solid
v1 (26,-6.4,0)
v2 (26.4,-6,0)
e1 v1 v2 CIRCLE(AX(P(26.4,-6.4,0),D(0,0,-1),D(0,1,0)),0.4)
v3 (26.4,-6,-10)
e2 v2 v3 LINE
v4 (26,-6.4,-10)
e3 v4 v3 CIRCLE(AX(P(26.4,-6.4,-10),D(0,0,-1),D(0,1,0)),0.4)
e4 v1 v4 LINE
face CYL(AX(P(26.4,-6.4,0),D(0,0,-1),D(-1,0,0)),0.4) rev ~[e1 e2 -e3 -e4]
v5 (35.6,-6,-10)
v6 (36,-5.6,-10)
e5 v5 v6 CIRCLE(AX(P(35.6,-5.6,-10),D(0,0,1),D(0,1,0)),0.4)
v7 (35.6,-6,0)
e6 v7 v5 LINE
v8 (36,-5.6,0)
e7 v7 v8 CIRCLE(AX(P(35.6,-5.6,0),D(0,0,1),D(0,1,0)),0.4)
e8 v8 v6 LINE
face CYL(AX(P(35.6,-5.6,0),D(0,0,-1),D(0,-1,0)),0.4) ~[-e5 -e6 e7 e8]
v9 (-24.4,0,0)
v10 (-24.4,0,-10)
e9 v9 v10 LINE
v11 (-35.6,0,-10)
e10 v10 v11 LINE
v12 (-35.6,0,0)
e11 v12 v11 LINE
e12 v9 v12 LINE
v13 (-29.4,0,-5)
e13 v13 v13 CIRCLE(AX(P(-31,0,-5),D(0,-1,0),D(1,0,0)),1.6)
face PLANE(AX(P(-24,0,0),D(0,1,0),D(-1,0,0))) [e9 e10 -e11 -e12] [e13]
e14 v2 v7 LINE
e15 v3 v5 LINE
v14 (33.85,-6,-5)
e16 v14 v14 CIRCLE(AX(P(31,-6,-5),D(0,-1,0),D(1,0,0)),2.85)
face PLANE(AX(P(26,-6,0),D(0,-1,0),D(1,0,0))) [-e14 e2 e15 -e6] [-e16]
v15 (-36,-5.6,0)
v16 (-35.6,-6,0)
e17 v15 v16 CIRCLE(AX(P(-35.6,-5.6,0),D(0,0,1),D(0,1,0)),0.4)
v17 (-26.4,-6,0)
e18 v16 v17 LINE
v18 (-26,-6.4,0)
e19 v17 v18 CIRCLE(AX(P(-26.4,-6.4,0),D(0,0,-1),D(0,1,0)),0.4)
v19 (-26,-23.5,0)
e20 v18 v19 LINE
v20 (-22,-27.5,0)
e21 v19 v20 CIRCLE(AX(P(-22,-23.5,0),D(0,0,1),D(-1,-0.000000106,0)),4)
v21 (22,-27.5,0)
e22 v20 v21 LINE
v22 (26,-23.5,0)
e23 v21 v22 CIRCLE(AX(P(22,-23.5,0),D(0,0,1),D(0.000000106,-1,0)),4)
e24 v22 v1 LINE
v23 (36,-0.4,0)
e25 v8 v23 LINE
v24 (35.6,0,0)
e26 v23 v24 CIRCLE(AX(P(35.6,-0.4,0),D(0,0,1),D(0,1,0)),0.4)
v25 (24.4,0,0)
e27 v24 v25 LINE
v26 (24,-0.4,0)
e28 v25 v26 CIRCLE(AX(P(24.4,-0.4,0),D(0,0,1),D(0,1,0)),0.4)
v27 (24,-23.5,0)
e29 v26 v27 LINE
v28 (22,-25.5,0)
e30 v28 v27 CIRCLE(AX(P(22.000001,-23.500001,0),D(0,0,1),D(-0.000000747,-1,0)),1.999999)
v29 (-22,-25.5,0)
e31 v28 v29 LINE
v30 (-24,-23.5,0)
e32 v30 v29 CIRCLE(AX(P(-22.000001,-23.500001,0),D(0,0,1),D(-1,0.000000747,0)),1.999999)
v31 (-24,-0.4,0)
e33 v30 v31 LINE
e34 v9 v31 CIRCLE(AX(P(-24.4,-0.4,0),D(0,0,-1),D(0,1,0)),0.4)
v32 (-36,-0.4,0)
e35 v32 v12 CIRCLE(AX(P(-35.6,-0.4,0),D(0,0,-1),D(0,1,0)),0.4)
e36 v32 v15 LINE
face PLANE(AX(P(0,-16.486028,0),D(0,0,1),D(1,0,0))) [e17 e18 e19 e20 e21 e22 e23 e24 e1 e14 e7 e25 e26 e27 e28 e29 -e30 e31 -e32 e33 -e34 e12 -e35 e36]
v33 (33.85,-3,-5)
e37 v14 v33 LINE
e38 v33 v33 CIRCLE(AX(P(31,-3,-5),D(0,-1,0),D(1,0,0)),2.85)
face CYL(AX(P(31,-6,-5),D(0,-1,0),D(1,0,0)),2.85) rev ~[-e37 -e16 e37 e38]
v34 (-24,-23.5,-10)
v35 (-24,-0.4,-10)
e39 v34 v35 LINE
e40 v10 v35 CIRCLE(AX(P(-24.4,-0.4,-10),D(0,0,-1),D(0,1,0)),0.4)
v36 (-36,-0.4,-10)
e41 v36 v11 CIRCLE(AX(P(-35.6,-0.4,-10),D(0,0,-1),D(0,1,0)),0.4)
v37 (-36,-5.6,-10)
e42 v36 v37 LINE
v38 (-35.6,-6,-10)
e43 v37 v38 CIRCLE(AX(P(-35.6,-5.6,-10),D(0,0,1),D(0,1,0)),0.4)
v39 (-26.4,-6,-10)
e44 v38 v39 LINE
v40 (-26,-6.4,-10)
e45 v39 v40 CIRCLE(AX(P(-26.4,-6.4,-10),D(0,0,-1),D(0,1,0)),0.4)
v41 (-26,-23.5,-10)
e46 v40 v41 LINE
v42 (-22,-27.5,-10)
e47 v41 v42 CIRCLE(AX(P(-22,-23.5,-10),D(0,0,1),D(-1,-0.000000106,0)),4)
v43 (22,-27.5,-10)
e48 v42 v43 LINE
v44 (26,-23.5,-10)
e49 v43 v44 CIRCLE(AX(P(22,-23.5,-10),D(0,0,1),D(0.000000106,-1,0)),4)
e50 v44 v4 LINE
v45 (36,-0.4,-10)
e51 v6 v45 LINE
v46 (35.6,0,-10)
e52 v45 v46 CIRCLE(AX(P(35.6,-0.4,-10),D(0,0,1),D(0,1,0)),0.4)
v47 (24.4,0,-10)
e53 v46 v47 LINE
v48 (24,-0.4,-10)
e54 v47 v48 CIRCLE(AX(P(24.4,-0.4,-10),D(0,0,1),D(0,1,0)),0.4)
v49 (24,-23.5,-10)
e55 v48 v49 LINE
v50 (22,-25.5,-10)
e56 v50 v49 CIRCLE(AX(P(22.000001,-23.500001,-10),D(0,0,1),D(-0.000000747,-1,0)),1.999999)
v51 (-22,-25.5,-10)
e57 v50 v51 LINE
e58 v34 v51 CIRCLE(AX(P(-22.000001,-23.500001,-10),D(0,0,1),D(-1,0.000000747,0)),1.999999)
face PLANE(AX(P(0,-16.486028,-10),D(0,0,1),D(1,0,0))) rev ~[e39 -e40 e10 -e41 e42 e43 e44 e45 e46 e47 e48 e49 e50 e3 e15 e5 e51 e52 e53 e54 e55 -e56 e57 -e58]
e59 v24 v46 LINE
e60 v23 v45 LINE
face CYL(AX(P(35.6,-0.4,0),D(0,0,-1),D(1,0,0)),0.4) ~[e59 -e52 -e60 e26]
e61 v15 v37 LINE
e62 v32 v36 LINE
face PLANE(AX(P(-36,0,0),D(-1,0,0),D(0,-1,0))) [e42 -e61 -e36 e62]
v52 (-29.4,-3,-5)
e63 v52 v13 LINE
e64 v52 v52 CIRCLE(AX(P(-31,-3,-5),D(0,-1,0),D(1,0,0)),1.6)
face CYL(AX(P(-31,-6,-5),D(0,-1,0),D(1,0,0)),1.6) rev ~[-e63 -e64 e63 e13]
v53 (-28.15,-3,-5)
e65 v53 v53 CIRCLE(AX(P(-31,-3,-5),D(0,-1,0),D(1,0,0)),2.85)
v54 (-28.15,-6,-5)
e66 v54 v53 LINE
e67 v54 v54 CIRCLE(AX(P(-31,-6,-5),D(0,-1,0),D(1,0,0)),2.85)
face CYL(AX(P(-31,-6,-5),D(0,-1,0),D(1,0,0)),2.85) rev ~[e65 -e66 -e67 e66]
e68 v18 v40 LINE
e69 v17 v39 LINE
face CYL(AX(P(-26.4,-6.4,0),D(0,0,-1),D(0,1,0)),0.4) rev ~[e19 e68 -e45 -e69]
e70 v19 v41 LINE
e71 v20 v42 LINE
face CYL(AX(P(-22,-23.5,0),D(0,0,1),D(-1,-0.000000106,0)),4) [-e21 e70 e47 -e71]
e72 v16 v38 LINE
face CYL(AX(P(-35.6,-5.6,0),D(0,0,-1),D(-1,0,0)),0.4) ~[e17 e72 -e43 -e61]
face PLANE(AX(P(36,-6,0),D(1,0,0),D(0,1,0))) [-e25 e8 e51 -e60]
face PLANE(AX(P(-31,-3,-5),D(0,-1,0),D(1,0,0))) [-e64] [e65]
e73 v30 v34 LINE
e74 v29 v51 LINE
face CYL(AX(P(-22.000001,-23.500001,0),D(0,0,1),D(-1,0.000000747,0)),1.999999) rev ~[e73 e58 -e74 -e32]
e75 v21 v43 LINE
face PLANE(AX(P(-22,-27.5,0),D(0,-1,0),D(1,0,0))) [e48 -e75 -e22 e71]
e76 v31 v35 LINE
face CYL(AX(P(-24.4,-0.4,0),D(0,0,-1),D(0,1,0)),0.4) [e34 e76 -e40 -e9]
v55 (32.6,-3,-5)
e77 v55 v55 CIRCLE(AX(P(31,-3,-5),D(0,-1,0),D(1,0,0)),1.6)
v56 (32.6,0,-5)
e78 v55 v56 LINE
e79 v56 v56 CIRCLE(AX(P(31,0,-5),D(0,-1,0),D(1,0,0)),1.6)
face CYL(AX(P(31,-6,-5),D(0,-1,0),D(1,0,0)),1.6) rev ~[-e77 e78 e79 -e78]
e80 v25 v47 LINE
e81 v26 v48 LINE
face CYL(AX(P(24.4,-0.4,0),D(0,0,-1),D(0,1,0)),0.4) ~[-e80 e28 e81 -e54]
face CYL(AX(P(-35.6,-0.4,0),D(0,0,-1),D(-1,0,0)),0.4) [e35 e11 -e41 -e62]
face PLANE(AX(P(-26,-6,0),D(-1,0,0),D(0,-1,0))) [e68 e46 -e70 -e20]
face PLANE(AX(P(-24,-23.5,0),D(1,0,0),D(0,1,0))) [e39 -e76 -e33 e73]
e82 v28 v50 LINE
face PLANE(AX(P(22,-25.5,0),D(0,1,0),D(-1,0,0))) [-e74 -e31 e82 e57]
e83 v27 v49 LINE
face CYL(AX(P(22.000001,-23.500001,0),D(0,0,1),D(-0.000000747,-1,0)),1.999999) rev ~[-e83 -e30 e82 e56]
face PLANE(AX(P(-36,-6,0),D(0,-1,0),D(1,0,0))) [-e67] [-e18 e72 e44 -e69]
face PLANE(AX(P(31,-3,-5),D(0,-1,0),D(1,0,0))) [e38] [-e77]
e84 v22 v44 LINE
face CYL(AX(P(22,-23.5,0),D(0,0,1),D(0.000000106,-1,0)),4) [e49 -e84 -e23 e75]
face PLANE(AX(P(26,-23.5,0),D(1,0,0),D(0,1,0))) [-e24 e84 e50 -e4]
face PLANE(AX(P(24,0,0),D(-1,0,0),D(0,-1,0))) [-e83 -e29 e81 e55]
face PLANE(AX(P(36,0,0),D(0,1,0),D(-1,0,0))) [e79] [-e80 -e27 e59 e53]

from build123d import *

# Parameters (mm, degrees)
PAD_DEPTH            = 10
SKETCH002_R          = 1.6
POCKET_DEPTH         = 6
SKETCH003_R          = 2.85
POCKET001_DEPTH      = 3
FILLET_R             = 0.4
BODY_PLACEMENT_ANGLE = 90


with BuildPart() as part:
    # Sketch → Pad (new body)
    with BuildSketch(Plane.XZ):
        with BuildLine():
            Line((-36, 0), (-36, -6))
            Line((-36, -6), (-26, -6))
            Line((-26, -6), (-26, -23.5))
            ThreePointArc((-26, -23.5), (-24.828427, -26.328427), (-22, -27.5))
            Line((-22, -27.5), (22, -27.5))
            ThreePointArc((22, -27.5), (24.828427, -26.328427), (26, -23.5))
            Line((26, -23.5), (26, -6))
            Line((26, -6), (36, -6))
            Line((36, -6), (36, 0))
            Line((36, 0), (24, 0))
            Line((24, 0), (24, -23.5))
            ThreePointArc((22, -25.5), (23.414214, -24.914214), (24, -23.5))
            Line((22, -25.5), (-22, -25.5))
            ThreePointArc((-24, -23.5), (-23.414214, -24.914214), (-22, -25.5))
            Line((-24, -23.5), (-24, 0))
            Line((-24, 0), (-36, 0))
        make_face()
    extrude(amount=-PAD_DEPTH)

    # Sketch002 (on Face4 of Pad) → Pocket (cut)
    with BuildSketch(Plane(origin=(0, 0, -6), x_dir=(1, 0, 0), z_dir=(0, 0, -1))):
        with Locations((-31, -5)):
            Circle(SKETCH002_R)
        with Locations((31, -5)):
            Circle(SKETCH002_R)
    extrude(amount=-POCKET_DEPTH, mode=Mode.SUBTRACT)

    # Sketch003 (on Face9 of Pocket) → Pocket001 (cut)
    with BuildSketch(Plane(origin=(0, 0, -6), x_dir=(1, 0, 0), z_dir=(0, 0, -1))):
        with Locations((-31, -5)):
            Circle(SKETCH003_R)
        with Locations((31, -5)):
            Circle(SKETCH003_R)
    extrude(amount=-POCKET001_DEPTH, mode=Mode.SUBTRACT)

    # Fillet
    fillet_edges = [part.edges().sort_by_distance(p)[0] for p in [
        (26, 5, -6),
        (36, 5, -6),
        (36, 5, 0),
        (24, 5, 0),
        (-24, 5, 0),
        (-36, 5, 0),
        (-36, 5, -6),
        (-26, 5, -6),
    ]]
    fillet(fillet_edges, radius=FILLET_R)


with BuildPart() as part_1:
    # Body placement: moved
    add(part.part.rotate(Axis((0, 0, 0), (-1, 0, 0)), BODY_PLACEMENT_ANGLE))


solid = part_1.part
